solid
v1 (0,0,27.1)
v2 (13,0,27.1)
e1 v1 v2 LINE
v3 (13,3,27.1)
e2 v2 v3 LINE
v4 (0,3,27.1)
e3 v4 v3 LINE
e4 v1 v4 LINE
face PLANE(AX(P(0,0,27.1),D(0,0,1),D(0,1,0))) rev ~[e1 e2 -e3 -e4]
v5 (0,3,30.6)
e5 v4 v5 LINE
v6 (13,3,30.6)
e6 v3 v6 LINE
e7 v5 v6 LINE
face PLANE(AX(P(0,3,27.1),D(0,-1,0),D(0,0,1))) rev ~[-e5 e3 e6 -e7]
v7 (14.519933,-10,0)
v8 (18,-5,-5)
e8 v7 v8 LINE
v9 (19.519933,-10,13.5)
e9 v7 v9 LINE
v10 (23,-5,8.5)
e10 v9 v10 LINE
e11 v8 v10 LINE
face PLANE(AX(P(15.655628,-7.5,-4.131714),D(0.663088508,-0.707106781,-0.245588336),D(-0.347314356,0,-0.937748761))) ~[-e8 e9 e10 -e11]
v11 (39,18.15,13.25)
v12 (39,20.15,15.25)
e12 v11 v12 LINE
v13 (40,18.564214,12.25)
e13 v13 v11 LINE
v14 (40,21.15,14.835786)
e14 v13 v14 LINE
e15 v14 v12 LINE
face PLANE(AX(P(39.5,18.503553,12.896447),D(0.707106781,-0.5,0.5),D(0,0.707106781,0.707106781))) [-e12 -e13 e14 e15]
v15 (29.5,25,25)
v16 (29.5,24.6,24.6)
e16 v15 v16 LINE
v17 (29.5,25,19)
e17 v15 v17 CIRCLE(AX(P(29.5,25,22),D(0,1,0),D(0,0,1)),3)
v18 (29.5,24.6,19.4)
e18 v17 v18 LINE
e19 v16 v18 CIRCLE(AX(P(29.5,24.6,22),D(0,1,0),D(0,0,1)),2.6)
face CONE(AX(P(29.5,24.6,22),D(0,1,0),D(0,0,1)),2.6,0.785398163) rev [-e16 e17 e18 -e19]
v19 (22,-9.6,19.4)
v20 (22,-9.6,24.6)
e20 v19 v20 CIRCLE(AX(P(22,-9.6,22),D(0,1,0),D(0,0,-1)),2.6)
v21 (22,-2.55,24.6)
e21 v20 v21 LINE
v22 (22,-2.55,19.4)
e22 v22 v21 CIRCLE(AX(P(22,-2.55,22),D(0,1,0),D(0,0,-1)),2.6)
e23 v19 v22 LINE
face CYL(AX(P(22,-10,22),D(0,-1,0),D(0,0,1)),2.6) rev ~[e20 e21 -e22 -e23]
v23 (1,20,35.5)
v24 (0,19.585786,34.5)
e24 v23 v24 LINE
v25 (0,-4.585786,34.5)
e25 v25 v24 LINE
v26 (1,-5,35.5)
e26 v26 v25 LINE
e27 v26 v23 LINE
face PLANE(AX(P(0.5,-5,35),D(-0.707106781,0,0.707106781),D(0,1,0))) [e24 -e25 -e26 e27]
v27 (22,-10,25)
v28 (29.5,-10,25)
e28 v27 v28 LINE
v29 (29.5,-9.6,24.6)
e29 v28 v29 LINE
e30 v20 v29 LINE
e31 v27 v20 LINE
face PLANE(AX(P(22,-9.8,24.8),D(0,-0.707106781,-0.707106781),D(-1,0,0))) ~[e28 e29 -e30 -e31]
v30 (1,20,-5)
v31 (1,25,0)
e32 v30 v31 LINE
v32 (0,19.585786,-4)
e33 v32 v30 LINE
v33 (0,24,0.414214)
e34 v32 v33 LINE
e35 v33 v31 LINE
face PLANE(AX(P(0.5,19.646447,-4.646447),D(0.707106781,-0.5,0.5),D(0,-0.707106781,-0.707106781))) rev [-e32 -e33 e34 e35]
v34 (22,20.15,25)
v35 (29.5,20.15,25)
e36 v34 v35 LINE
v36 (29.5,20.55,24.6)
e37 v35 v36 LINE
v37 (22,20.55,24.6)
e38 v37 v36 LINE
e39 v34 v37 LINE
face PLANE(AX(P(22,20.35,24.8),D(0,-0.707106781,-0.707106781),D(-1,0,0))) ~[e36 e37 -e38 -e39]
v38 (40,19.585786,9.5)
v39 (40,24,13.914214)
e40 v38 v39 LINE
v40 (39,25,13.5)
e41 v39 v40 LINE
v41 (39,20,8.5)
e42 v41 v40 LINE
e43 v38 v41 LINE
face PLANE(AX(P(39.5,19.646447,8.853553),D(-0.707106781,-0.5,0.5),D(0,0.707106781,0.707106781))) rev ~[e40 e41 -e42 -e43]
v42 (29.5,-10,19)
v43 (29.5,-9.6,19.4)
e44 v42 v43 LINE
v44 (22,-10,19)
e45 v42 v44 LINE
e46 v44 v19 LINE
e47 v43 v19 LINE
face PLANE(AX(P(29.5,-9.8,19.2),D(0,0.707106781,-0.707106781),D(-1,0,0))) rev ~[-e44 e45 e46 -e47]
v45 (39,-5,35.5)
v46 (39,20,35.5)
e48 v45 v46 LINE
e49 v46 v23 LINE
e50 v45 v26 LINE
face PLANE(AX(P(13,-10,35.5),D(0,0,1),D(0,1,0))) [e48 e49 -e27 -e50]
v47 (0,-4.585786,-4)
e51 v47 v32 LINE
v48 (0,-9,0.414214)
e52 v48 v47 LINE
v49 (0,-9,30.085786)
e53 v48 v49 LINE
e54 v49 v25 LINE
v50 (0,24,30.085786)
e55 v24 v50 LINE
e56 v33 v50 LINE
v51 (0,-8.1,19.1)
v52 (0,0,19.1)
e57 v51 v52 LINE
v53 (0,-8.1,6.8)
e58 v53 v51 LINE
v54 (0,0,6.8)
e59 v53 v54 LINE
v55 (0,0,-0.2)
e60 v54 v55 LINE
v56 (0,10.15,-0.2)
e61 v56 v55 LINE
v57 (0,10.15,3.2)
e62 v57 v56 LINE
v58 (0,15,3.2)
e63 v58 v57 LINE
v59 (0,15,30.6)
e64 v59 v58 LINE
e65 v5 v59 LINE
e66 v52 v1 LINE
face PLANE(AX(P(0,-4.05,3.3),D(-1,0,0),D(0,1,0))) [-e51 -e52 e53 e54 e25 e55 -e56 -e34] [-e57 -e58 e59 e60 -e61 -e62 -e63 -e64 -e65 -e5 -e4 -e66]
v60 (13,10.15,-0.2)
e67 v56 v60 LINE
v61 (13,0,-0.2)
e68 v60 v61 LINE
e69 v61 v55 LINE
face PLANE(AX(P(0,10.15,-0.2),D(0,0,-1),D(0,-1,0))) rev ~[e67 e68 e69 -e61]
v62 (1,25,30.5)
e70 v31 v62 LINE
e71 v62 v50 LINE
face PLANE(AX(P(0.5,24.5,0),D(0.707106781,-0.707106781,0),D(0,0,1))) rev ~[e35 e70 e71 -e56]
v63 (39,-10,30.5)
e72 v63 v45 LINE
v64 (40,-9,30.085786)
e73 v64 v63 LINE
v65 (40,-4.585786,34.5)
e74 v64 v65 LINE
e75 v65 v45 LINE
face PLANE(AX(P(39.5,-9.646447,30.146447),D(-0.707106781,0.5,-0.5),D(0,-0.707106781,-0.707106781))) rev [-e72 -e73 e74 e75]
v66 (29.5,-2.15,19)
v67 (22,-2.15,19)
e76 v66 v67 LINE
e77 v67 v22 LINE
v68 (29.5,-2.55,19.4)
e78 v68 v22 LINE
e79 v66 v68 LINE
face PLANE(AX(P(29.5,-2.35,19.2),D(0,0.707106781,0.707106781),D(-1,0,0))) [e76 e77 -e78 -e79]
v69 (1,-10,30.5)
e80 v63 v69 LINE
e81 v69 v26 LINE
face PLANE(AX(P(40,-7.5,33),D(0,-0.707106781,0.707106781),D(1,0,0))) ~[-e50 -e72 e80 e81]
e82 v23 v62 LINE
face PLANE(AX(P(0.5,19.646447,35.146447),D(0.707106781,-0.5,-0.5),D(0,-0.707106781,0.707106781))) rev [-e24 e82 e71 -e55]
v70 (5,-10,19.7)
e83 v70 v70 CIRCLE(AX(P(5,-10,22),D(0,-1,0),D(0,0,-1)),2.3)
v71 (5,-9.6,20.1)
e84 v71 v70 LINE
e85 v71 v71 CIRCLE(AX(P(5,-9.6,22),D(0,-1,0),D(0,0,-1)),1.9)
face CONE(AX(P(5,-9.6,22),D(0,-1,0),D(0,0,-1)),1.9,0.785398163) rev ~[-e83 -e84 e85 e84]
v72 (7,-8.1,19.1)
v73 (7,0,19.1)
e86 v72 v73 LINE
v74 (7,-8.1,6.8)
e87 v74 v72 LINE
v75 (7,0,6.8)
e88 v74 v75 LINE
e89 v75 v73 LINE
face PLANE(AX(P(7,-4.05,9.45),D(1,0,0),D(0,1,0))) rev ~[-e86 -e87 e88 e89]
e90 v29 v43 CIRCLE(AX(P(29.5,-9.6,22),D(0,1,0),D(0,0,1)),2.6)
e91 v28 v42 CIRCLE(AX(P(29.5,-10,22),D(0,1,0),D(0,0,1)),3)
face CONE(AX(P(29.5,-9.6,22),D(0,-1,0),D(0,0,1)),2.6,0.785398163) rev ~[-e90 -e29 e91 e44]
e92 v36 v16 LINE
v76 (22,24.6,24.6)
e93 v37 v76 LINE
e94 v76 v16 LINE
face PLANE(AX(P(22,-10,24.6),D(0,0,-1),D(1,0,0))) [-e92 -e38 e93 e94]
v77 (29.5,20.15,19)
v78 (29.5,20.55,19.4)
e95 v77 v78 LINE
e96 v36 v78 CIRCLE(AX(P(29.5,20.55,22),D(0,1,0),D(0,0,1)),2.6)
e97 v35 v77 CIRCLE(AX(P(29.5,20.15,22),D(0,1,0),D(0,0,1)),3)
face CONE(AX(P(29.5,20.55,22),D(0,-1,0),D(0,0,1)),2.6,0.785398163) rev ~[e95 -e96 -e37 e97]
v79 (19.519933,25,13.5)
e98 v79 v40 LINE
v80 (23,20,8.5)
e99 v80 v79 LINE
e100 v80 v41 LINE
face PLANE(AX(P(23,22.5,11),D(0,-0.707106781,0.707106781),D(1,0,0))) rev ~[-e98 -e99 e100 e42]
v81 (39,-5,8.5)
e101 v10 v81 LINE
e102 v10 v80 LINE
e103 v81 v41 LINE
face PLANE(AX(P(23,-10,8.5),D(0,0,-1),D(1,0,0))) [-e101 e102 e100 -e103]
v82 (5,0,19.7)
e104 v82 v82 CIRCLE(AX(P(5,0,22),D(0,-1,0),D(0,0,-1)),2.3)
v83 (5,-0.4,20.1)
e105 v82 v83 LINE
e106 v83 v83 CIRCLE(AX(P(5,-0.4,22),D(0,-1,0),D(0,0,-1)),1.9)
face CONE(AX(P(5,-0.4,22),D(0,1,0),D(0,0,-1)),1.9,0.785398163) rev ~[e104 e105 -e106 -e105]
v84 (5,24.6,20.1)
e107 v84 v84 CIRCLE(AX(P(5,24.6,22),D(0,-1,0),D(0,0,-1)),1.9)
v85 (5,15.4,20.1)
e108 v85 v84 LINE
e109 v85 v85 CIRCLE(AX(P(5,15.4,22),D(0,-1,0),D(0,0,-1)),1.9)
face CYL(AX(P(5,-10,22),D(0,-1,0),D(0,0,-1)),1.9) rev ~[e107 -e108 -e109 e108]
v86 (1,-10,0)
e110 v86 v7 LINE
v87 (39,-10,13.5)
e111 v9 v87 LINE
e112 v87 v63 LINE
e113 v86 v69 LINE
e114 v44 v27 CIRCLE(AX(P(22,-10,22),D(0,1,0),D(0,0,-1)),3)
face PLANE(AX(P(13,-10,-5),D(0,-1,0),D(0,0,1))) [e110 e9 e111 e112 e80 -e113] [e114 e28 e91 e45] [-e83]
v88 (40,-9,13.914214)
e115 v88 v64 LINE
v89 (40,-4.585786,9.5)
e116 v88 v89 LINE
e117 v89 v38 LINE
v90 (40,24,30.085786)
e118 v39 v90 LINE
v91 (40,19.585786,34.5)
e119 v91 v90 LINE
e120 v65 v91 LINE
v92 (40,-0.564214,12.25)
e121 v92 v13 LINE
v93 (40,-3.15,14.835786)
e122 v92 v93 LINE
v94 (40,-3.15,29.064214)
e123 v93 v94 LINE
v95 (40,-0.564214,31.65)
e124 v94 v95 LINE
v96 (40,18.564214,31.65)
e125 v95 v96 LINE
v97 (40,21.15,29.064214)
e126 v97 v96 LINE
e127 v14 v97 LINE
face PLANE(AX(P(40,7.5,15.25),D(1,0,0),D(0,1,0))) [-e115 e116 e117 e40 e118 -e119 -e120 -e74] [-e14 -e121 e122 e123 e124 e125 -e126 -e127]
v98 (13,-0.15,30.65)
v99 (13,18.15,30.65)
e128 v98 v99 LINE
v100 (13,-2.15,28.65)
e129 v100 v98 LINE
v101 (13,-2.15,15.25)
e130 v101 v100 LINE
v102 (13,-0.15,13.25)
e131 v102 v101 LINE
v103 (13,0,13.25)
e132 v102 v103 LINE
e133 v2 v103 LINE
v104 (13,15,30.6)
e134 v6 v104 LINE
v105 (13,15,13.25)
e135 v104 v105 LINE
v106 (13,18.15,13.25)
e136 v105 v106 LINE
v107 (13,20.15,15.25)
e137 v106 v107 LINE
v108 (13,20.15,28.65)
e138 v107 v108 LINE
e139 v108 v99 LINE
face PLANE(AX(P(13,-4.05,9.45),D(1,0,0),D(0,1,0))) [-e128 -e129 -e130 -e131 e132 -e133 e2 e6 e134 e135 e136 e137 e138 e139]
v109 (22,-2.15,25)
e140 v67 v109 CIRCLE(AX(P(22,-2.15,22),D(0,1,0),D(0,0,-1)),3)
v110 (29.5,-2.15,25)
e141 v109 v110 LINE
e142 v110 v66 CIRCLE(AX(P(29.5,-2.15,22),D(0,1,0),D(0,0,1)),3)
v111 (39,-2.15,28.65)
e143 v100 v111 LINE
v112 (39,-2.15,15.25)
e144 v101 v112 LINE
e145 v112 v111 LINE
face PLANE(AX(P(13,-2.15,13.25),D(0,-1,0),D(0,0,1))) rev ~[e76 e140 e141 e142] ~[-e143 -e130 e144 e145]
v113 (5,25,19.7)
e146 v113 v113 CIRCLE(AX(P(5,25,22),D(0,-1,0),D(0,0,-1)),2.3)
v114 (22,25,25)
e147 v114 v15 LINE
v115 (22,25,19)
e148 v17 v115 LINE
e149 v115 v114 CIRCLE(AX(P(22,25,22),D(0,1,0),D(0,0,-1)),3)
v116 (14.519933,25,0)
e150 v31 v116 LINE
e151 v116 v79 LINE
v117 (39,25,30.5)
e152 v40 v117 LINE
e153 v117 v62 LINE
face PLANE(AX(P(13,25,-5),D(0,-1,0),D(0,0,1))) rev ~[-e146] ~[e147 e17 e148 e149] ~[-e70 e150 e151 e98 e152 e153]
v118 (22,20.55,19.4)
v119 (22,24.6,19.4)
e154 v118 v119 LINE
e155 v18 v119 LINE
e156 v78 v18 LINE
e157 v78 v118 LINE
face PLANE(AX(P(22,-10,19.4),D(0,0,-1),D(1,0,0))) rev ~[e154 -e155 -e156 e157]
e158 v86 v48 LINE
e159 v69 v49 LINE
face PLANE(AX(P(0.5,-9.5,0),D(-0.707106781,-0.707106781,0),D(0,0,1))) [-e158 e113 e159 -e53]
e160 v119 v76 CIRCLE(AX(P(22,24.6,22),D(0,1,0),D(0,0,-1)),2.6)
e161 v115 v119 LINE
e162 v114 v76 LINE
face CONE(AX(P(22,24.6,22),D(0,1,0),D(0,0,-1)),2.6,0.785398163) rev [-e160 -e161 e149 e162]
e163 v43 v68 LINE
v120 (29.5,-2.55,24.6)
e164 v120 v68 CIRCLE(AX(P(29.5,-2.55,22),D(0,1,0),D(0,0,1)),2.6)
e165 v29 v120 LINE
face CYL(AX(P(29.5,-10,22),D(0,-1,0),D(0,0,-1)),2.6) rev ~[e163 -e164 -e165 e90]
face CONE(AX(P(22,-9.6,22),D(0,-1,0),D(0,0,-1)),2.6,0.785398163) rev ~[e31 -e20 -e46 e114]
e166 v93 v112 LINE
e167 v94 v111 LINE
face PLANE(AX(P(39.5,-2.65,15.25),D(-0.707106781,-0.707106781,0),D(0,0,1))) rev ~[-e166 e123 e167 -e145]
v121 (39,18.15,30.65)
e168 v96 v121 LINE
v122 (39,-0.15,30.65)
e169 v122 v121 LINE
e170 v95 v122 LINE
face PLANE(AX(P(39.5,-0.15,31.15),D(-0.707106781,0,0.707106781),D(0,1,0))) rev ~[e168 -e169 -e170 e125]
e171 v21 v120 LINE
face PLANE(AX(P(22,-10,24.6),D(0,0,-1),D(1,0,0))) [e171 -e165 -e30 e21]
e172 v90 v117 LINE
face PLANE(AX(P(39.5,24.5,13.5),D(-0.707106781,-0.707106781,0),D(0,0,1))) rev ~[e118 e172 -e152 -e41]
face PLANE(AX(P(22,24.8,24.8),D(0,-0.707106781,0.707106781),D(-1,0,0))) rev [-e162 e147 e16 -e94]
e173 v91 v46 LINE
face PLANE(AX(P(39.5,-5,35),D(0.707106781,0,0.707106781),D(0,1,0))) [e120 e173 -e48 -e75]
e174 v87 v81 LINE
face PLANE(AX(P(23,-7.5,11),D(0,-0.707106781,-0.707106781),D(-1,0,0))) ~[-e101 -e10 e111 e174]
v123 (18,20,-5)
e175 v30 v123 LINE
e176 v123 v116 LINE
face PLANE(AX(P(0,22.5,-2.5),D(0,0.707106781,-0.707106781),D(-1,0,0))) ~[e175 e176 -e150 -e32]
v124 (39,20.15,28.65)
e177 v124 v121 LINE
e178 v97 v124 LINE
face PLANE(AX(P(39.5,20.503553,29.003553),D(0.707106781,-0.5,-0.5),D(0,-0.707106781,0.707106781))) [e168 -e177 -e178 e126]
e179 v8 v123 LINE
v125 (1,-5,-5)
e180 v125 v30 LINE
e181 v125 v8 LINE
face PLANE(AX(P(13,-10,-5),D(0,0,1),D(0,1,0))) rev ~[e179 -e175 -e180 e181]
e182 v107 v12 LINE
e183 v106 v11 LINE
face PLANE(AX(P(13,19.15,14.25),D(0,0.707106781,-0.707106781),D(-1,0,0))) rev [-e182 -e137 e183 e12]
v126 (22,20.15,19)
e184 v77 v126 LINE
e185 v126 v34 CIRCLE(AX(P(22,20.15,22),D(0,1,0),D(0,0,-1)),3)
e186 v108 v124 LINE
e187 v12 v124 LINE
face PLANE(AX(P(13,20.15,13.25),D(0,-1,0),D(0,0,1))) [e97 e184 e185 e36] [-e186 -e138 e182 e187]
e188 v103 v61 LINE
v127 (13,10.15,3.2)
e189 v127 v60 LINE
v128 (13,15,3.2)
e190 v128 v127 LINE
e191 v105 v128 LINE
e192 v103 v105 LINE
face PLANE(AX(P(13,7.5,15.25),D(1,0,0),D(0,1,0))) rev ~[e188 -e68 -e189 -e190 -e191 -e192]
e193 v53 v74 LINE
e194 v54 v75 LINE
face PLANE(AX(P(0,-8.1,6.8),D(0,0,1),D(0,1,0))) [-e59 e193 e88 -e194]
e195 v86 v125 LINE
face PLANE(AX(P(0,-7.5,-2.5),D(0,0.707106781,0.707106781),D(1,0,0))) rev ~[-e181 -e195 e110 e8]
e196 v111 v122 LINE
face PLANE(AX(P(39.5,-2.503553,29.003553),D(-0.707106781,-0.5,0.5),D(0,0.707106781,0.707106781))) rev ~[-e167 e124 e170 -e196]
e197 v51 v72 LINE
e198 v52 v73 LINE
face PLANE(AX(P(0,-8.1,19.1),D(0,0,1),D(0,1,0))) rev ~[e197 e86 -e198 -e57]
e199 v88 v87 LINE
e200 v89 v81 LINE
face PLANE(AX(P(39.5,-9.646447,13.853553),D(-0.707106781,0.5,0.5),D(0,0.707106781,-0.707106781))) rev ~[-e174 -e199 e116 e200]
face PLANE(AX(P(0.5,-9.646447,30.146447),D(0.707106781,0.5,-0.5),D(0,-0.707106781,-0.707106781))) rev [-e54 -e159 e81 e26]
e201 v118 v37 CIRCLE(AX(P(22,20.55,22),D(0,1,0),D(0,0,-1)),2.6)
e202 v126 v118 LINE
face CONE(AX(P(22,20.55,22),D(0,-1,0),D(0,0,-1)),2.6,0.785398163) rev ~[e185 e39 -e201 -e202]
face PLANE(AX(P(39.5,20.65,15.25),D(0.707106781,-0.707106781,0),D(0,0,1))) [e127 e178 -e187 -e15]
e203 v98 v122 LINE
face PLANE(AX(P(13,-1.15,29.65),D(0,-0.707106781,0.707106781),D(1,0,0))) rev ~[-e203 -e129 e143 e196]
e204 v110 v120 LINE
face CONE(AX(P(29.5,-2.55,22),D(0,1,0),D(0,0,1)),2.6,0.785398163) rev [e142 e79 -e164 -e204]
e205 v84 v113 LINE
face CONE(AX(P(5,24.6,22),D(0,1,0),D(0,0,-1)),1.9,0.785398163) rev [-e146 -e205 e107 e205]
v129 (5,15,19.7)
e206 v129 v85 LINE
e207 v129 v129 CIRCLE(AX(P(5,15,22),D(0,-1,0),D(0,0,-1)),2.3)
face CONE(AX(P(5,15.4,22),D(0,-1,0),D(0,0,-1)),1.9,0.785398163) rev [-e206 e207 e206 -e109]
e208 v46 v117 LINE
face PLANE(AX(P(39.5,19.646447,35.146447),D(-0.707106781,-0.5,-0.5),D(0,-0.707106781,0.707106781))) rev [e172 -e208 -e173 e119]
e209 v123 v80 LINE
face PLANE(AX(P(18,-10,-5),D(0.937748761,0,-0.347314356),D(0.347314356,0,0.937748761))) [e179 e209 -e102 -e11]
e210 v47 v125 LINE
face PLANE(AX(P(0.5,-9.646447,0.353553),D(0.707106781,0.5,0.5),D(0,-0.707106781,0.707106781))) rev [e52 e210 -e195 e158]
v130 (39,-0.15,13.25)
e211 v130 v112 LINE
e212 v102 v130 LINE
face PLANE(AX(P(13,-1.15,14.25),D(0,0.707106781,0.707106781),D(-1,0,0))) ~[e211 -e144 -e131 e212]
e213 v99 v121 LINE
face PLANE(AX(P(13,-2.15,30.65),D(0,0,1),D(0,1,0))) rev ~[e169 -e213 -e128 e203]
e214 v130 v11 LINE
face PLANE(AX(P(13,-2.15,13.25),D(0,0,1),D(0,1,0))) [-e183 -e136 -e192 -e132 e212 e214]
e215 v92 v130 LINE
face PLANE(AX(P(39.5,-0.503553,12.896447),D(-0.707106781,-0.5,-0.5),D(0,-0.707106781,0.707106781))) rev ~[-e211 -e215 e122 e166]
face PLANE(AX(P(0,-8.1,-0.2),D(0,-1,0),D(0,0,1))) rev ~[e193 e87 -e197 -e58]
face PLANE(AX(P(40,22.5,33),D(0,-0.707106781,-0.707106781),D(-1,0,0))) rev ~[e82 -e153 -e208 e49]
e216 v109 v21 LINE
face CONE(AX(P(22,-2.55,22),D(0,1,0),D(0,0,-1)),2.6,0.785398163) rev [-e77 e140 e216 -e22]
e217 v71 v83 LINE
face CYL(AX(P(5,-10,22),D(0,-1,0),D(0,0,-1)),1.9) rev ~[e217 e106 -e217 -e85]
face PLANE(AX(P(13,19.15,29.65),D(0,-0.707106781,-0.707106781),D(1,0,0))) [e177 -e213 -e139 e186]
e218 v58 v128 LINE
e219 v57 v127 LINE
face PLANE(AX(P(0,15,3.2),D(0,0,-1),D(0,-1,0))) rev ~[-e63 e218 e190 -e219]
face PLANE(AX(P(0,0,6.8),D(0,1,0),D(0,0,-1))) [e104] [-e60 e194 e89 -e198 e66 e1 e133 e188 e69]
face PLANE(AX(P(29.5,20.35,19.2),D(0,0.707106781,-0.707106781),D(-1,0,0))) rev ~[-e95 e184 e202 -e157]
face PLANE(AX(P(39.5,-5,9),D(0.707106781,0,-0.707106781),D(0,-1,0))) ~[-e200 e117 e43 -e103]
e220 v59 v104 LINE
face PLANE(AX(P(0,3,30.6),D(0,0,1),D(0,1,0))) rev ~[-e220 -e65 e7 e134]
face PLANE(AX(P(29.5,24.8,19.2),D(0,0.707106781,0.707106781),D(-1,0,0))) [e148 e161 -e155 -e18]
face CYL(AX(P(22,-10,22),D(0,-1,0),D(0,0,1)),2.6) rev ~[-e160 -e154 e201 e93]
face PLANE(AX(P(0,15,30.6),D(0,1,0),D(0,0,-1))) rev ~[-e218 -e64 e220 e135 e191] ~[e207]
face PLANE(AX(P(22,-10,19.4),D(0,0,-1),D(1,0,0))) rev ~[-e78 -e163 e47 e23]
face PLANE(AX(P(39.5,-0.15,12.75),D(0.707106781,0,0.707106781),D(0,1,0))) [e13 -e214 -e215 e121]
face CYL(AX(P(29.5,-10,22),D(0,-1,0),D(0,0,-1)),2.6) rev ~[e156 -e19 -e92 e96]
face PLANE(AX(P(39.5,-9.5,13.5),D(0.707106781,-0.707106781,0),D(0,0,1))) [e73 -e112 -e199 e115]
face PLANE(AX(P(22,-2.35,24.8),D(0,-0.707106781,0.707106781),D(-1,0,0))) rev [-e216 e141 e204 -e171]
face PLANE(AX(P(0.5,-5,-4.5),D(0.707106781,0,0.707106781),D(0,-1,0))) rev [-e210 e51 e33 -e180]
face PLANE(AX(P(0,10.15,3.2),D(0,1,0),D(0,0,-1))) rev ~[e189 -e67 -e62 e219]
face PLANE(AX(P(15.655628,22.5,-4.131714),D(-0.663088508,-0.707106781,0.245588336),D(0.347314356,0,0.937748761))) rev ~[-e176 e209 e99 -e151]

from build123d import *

# Parameters (mm, degrees)
SKETCH006_W     = 35
SKETCH006_H     = 40.5
PAD002_DEPTH    = 13
SKETCH007_W     = 8.1
SKETCH007_H     = 19.3
PAD003_DEPTH    = 6
SKETCH008_W     = 8.1
SKETCH008_H     = 7
PAD004_DEPTH    = 7
SKETCH009_W     = 35
SKETCH009_H     = 40.5
SKETCH009_W_2   = 22.3
SKETCH009_H_2   = 17.4
PAD005_DEPTH    = 27
POCKET004_DEPTH = 35.001
CHAMFER_SIZE    = 5
CHAMFER001_SIZE = 2
POCKET005_DEPTH = 35.001
CHAMFER002_SIZE = 1
CHAMFER003_SIZE = 0.4
SKETCH017_R     = 1.9
POCKET007_DEPTH = 35.001
CHAMFER008_SIZE = 0.4


with BuildPart() as part:
    # Sketch006 → Pad002 (new body)
    with BuildSketch(Plane.YZ):
        with Locations((7.5, 15.25)):
            Rectangle(SKETCH006_W, SKETCH006_H)
        Polygon((-8.1, 19.1), (0, 19.1), (0, 27.1), (3, 27.1), (3, 30.6), (15, 30.6), (15, 3.2), (10.15, 3.2), (10.15, -0.2), (-8.1, -0.2), align=None, mode=Mode.SUBTRACT)
    extrude(amount=PAD002_DEPTH)

    # Sketch007 (on Face16 of Pad002) → Pad003 (join)
    with BuildSketch(Plane.YZ.offset(13)):
        with Locations((-4.05, 9.45)):
            Rectangle(SKETCH007_W, SKETCH007_H)
    extrude(amount=-PAD003_DEPTH)

    # Sketch008 (on Face4 of Pad003) → Pad004 (join)
    with BuildSketch(Plane(origin=(0, 0, 0), x_dir=(0, 1, 0), z_dir=(-1, 0, 0))):
        with Locations((-4.05, -3.3)):
            Rectangle(SKETCH008_W, SKETCH008_H)
    extrude(amount=-PAD004_DEPTH)

    # Sketch009 (on Face5 of Pad004) → Pad005 (join)
    with BuildSketch(Plane.YZ.offset(13)):
        with Locations((7.5, 15.25)):
            Rectangle(SKETCH009_W, SKETCH009_H)
        with Locations((9, 21.95)):
            Rectangle(SKETCH009_W_2, SKETCH009_H_2, mode=Mode.SUBTRACT)
    extrude(amount=PAD005_DEPTH)

    # Sketch011 (on Face8 of Pad005) → Pocket004 (cut, through all)
    with BuildSketch(Plane(origin=(0, -10, 0), x_dir=(0, 0, -1), z_dir=(0, -1, 0))):
        Polygon((5, 18), (-8.5, 23), (-8.5, 40), (5, 40), align=None)
    extrude(amount=-POCKET004_DEPTH, mode=Mode.SUBTRACT)

    # Chamfer
    chamfer_edges = [part.edges().sort_by_distance(p)[0] for p in [
        (9, -10, -5),
        (20.5, -10, 1.75),
        (31.5, -10, 8.5),
        (9, 25, -5),
        (20.5, 25, 1.75),
        (31.5, 25, 8.5),
        (20, -10, 35.5),
        (20, 25, 35.5),
    ]]
    chamfer(chamfer_edges, length=CHAMFER_SIZE)

    # Chamfer001
    chamfer001_edges = [part.edges().sort_by_distance(p)[0] for p in [
        (26.5, -2.15, 30.65),
        (26.5, 20.15, 30.65),
        (26.5, 20.15, 13.25),
        (26.5, -2.15, 13.25),
    ]]
    chamfer(chamfer001_edges, length=CHAMFER001_SIZE)

    # Sketch012 (on Face10 of Chamfer001) → Pocket005 (cut, through all)
    with BuildSketch(Plane(origin=(0, -10, 0), x_dir=(0, 0, -1), z_dir=(0, -1, 0))):
        with BuildLine():
            ThreePointArc((-24.6, 22), (-22, 19.4), (-19.4, 22))
            Line((-19.4, 22), (-19.4, 29.5))
            ThreePointArc((-19.4, 29.5), (-22, 32.1), (-24.6, 29.5))
            Line((-24.6, 22), (-24.6, 29.5))
        make_face()
    extrude(amount=-POCKET005_DEPTH, mode=Mode.SUBTRACT)

    # Chamfer002
    chamfer002_edges = [part.edges().sort_by_distance(p)[0] for p in [
        (0, -10, 15.25),
        (0, -7.5, -2.5),
        (0, 7.5, -5),
        (0, 22.5, -2.5),
        (0, 25, 15.25),
        (0, 22.5, 33),
        (0, 7.5, 35.5),
        (0, -7.5, 33),
        (40, -2.15, 21.95),
        (40, -1.15, 14.25),
        (40, -1.15, 29.65),
        (40, 9, 13.25),
        (40, 9, 30.65),
        (40, 19.15, 14.25),
        (40, 19.15, 29.65),
        (40, 20.15, 21.95),
        (40, -10, 22),
        (40, -7.5, 11),
        (40, -7.5, 33),
        (40, 7.5, 8.5),
        (40, 7.5, 35.5),
        (40, 22.5, 11),
        (40, 22.5, 33),
        (40, 25, 22),
    ]]
    chamfer(chamfer002_edges, length=CHAMFER002_SIZE)

    # Chamfer003
    chamfer003_edges = [part.edges().sort_by_distance(p)[0] for p in [
        (25.75, -10, 24.6),
        (25.75, 25, 24.6),
        (25.75, 20.15, 24.6),
        (25.75, -2.15, 24.6),
    ]]
    chamfer(chamfer003_edges, length=CHAMFER003_SIZE)

    # Sketch017 (on Face55 of Chamfer003) → Pocket007 (cut, through all)
    with BuildSketch(Plane(origin=(0, -10, 0), x_dir=(0, 0, -1), z_dir=(0, -1, 0))):
        with Locations((-22, 5)):
            Circle(SKETCH017_R)
    extrude(amount=-POCKET007_DEPTH, mode=Mode.SUBTRACT)

    # Chamfer008
    chamfer008_edges = [part.edges().sort_by_distance(p)[0] for p in [
        (5, -10, 23.9),
        (5, 0, 23.9),
        (5, 15, 23.9),
        (5, 25, 23.9),
    ]]
    chamfer(chamfer008_edges, length=CHAMFER008_SIZE)


solid = part.part
